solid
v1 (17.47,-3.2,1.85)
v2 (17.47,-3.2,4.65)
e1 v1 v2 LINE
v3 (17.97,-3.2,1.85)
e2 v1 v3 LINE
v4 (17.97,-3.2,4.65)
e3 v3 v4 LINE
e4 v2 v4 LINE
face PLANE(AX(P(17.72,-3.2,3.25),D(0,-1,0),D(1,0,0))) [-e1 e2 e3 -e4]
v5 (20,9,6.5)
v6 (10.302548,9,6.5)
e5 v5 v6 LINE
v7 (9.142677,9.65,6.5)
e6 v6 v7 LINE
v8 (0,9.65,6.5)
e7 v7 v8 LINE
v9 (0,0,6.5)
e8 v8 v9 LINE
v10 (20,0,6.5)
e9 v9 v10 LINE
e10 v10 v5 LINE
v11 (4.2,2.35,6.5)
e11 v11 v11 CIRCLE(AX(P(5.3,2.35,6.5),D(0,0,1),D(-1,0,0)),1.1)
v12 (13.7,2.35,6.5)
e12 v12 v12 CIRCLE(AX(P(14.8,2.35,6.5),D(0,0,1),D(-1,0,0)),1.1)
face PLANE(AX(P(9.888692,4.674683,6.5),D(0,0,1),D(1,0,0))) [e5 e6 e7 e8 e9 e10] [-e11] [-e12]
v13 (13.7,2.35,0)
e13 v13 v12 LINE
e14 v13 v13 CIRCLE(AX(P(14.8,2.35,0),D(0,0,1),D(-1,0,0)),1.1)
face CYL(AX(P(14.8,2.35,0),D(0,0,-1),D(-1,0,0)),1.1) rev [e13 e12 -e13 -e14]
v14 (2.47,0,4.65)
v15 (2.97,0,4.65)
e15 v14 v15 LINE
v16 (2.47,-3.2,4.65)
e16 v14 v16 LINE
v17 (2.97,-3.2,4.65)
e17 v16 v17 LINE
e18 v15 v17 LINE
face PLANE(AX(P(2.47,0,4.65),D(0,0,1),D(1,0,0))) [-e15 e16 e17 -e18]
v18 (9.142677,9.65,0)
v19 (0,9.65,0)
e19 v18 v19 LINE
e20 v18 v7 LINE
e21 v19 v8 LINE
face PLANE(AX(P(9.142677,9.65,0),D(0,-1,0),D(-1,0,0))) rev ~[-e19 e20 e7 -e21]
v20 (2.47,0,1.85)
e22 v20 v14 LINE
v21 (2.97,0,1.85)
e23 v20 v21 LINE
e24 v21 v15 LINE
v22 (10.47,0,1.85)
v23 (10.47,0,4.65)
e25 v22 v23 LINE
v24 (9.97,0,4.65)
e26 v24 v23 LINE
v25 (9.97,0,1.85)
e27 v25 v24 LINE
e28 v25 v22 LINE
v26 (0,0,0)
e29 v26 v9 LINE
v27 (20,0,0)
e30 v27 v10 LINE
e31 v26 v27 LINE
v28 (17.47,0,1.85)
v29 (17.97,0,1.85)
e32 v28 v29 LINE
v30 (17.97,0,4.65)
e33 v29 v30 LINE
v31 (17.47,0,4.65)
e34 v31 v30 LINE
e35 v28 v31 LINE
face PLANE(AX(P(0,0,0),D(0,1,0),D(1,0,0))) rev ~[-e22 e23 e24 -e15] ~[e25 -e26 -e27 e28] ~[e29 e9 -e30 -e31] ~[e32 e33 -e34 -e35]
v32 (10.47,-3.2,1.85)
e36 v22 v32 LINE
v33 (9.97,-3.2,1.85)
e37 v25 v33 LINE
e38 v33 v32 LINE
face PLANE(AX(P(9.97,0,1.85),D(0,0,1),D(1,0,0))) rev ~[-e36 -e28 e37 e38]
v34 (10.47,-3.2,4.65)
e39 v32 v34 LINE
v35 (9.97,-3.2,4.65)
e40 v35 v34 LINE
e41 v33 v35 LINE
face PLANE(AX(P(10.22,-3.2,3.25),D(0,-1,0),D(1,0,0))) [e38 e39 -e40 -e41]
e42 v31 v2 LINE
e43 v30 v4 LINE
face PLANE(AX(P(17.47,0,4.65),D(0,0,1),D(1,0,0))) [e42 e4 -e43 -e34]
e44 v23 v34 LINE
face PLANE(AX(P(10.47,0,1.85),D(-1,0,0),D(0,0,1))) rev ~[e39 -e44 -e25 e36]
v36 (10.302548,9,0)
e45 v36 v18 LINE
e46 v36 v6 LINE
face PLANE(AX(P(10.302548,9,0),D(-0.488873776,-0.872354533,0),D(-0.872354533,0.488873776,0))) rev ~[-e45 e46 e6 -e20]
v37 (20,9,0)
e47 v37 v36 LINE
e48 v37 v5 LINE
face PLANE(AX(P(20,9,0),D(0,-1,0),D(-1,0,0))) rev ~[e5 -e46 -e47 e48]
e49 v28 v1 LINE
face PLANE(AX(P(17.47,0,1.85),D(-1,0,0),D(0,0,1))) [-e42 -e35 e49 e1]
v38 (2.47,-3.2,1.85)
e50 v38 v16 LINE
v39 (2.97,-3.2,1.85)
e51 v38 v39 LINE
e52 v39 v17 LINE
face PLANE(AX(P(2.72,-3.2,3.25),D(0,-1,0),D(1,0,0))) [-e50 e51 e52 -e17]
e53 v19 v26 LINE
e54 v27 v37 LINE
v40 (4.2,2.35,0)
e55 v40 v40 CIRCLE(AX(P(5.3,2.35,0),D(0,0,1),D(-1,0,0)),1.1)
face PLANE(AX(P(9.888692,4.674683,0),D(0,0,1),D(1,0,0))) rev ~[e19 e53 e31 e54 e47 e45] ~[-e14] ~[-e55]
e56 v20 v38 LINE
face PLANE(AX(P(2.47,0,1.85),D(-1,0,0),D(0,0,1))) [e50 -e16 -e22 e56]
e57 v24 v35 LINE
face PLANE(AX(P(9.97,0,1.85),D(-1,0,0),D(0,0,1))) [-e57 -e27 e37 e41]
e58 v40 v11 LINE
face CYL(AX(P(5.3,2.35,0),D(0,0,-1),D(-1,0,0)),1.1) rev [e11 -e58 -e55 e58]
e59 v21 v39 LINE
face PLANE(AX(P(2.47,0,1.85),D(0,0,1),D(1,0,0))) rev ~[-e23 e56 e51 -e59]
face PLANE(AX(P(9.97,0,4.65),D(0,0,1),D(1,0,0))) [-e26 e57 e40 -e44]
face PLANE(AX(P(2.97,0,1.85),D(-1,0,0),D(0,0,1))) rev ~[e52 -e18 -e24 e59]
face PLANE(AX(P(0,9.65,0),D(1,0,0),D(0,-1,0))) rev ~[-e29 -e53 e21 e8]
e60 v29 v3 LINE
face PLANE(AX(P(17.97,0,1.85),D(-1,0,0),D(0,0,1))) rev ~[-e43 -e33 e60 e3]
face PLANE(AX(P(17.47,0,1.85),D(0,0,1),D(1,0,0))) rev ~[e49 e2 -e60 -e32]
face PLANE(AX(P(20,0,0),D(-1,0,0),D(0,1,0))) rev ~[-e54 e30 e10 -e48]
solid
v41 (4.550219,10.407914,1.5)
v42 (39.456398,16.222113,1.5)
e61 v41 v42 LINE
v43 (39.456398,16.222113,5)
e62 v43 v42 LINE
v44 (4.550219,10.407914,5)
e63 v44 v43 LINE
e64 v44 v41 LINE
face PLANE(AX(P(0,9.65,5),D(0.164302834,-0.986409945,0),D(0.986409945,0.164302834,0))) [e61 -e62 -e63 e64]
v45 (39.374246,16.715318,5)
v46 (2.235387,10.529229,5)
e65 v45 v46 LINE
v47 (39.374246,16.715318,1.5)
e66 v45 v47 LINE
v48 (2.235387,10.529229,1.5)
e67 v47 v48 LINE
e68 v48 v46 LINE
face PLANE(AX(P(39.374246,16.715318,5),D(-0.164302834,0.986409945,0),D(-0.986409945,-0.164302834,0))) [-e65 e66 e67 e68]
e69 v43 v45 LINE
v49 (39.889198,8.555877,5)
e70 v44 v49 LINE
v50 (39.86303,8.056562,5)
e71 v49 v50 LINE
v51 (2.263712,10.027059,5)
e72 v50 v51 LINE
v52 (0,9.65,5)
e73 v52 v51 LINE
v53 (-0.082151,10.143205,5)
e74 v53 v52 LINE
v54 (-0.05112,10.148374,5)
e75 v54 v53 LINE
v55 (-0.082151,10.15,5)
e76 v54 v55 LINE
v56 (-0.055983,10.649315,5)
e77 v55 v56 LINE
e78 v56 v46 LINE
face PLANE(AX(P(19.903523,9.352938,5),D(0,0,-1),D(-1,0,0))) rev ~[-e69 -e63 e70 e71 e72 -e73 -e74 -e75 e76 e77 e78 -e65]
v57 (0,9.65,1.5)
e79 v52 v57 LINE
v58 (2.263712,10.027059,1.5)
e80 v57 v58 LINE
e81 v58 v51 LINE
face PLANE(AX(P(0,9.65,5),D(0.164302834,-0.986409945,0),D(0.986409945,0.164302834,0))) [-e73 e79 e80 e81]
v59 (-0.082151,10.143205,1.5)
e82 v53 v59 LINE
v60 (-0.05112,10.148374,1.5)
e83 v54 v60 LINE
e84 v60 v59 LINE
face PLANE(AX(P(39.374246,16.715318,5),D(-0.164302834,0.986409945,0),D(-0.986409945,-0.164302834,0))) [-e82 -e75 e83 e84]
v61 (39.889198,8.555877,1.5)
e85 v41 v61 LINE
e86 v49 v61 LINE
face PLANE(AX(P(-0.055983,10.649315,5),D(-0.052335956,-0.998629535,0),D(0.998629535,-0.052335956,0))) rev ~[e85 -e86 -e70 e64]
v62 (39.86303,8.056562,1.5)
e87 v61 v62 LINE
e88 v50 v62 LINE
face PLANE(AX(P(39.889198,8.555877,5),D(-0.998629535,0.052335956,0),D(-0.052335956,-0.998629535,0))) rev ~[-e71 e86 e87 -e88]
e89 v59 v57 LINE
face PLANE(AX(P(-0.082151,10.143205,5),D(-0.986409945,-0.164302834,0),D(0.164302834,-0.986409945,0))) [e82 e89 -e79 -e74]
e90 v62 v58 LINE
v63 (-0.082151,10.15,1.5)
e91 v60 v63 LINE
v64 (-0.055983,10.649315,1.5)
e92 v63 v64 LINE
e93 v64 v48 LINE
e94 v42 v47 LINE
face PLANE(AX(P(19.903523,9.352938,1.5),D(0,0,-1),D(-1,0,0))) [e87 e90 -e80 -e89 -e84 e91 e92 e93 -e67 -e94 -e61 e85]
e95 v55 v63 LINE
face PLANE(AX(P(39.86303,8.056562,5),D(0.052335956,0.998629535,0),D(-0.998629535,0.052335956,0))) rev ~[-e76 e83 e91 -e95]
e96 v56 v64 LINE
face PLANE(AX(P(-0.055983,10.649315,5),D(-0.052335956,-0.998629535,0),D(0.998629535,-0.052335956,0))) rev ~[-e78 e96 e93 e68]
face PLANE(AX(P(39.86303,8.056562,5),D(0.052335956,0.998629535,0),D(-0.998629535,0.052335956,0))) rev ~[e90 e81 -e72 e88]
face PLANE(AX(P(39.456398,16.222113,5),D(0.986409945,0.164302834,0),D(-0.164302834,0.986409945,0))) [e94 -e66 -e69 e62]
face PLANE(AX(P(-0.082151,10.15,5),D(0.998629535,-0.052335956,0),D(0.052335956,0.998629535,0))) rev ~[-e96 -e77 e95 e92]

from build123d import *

# Parameters (mm, degrees)
ESQUISSE1_R      = 1.1
EXTRUSION1_DEPTH = 6.5
EXTRUSION2_START = -1.5
EXTRUSION2_DEPTH = 3.5
EXTRUSION3_START = -1.5
EXTRUSION3_DEPTH = 3.5
ESQUISSE4_W      = 0.5
ESQUISSE4_H      = 2.8
EXTRUSION4_DEPTH = 3.2


with BuildPart() as part:
    # Esquisse1 → Extrusion1 (new body)
    with BuildSketch(Plane.XY):
        Polygon((0, 0), (20, 0), (20, 9), (10.302547929, 9), (9.142677069, 9.65), (0, 9.65), align=None)
        with Locations(Location((14.8, 2.35, 0), (0, 0, 180))):
            Circle(ESQUISSE1_R, mode=Mode.SUBTRACT)
        with Locations(Location((5.3, 2.35, 0), (0, 0, 180))):
            Circle(ESQUISSE1_R, mode=Mode.SUBTRACT)
    extrude(amount=EXTRUSION1_DEPTH)

    # Esquisse4 → Extrusion4 (add)
    with BuildSketch(Plane.XZ):
        with Locations((2.72, 3.25)):
            Rectangle(ESQUISSE4_W, ESQUISSE4_H)
        with Locations((10.22, 3.25)):
            Rectangle(ESQUISSE4_W, ESQUISSE4_H)
        with Locations((17.72, 3.25)):
            Rectangle(ESQUISSE4_W, ESQUISSE4_H)
    extrude(amount=EXTRUSION4_DEPTH)


with BuildPart() as body_2:
    # Esquisse2 → Extrusion2 (new body)
    with BuildSketch(Plane.XY.offset(6.5).offset(EXTRUSION2_START)):
        Polygon((0, 9.65), (39.456397781, 16.22211337), (39.374246364, 16.715318343), (-0.082151417, 10.143204972), align=None)
    extrude(amount=-EXTRUSION2_DEPTH)

    # Esquisse3 → Extrusion3 (add)
    with BuildSketch(Plane.XY.offset(6.5).offset(EXTRUSION3_START)):
        Polygon((-0.055983439, 10.649314767), (39.889197951, 8.555876518), (39.863029973, 8.05656175), (-0.082151417, 10.15), align=None)
    extrude(amount=-EXTRUSION3_DEPTH)


solid = Compound([part.part, body_2.part])
